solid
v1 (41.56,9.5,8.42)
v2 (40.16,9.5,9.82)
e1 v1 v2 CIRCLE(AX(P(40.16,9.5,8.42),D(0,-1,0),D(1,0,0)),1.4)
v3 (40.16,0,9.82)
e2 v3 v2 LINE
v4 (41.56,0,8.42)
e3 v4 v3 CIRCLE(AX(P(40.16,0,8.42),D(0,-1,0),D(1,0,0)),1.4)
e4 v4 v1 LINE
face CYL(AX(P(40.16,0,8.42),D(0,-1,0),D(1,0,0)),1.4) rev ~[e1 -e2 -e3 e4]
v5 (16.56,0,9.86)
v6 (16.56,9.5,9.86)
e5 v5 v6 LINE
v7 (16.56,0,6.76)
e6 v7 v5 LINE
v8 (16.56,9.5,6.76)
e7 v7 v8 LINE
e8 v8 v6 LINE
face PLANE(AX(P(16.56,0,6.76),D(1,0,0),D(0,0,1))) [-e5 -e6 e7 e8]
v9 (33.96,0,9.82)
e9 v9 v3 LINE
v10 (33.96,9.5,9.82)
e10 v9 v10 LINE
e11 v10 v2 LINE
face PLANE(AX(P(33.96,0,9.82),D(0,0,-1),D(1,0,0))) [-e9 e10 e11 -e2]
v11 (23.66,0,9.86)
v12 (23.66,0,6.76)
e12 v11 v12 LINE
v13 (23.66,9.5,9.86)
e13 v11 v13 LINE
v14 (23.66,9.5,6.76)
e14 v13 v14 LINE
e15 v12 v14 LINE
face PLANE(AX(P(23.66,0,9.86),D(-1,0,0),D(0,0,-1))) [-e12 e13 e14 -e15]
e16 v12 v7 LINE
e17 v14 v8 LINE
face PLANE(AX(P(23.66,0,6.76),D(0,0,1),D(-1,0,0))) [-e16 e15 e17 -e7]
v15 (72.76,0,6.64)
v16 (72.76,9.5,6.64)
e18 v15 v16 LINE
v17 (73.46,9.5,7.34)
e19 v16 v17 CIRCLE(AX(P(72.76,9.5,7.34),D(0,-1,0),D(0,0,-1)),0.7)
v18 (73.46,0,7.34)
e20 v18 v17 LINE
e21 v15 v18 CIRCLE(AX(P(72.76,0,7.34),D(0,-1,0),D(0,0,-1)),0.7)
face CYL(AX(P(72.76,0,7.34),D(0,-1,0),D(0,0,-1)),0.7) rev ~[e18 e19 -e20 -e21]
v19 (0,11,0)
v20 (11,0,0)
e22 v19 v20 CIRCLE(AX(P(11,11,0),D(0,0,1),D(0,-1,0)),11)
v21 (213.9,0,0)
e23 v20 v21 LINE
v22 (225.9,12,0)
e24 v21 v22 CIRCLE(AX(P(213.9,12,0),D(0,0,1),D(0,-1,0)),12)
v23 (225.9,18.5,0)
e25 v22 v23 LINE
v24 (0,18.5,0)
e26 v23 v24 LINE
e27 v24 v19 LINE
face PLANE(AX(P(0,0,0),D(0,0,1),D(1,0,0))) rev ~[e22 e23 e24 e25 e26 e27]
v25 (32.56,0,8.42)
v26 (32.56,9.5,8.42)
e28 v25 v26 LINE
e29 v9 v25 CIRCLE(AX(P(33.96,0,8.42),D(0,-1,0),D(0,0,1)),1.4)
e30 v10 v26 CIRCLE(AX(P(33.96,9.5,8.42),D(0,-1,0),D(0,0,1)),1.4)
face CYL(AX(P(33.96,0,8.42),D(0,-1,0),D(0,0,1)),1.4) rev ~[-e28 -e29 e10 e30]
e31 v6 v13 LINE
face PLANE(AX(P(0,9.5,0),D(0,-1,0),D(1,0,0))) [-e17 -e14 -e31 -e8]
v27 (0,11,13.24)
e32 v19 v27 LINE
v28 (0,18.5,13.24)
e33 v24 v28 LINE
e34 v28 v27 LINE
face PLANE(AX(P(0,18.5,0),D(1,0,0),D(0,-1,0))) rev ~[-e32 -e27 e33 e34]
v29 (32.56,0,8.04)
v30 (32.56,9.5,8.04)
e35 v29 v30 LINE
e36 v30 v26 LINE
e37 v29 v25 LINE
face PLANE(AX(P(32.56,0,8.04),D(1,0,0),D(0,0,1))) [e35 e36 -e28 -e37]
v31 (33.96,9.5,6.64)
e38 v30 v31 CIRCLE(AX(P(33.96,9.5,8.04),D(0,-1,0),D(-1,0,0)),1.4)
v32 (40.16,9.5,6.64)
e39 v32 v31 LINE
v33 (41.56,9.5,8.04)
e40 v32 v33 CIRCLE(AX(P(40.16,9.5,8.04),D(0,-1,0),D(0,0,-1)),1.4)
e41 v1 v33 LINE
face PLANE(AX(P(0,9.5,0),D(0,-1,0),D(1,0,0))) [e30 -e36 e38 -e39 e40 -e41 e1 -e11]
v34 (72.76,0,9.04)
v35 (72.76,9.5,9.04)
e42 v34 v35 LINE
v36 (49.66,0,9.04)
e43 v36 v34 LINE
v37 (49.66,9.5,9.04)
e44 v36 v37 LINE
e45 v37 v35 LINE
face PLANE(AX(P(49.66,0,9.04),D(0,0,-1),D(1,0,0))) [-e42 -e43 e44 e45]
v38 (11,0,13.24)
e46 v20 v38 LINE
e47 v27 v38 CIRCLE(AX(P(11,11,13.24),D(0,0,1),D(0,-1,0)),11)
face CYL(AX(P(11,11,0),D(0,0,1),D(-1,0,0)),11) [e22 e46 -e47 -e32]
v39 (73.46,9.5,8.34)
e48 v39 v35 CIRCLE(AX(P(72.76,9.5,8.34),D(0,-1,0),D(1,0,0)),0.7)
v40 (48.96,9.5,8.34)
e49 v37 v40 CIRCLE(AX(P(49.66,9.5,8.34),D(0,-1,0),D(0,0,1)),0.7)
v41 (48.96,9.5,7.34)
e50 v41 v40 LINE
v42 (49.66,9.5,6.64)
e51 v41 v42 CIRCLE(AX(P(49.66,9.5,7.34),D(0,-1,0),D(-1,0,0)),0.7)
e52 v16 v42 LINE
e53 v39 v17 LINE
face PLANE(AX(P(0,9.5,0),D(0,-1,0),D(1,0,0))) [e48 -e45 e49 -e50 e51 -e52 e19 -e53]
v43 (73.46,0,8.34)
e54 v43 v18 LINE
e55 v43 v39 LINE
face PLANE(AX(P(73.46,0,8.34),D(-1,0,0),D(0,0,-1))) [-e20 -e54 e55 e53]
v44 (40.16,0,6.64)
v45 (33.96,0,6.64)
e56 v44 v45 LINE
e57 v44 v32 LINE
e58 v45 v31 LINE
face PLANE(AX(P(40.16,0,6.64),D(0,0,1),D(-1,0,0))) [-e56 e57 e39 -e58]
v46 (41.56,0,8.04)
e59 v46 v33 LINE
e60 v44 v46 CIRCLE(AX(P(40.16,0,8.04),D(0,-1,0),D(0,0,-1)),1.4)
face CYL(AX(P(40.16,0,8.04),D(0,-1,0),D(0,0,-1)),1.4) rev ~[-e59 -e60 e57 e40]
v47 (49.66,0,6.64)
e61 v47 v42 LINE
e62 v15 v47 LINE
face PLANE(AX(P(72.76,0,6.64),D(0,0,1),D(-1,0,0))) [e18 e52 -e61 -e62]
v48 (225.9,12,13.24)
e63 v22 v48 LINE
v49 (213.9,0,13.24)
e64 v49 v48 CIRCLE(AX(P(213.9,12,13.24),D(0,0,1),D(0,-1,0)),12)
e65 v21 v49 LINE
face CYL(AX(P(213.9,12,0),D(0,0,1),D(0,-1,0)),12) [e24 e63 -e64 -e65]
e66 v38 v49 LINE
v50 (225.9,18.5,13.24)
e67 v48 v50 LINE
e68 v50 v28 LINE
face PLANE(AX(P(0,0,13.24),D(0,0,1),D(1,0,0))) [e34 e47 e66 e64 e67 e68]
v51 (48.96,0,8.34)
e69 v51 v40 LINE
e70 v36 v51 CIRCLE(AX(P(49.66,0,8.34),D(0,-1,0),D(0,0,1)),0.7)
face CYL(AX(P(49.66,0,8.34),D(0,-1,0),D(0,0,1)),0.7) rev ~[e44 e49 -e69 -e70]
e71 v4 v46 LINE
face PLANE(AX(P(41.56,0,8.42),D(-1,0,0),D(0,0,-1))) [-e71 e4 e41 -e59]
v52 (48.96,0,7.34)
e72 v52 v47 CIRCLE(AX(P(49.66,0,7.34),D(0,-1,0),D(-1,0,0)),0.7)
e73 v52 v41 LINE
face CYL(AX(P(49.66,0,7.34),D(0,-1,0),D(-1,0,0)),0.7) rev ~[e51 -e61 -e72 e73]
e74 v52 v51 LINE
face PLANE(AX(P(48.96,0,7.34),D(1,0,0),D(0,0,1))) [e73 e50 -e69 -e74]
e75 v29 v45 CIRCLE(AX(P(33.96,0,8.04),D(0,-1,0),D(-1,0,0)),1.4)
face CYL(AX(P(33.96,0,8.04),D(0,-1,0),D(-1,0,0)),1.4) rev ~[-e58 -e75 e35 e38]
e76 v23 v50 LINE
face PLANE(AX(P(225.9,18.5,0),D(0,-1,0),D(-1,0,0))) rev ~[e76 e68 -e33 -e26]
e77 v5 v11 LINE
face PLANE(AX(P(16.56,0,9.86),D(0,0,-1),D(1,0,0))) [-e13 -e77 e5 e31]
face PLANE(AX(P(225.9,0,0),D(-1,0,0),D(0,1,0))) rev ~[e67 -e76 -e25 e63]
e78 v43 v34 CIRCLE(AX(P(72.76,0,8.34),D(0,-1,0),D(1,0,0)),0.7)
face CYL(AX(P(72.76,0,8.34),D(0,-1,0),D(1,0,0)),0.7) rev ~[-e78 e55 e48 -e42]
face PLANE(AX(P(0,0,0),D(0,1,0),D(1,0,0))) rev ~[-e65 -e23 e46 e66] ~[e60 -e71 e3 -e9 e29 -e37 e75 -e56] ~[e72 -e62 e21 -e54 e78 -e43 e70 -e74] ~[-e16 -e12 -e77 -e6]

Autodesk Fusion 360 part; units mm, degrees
sketch "Sketch1" plane through (0, 0, 0) normal (0, 0, 1) x (1, 0, 0) in component "Laptop side"
  line L0 (0, 0) -> (225.9, 0)
  line L1 (225.9, 0) -> (225.9, 18.5)
  line L2 (225.9, 18.5) -> (0, 18.5)
  line L3 (0, 18.5) -> (0, 0)
  dimension "d1" = 225.9
  dimension "d2" = 18.5
extrude "Extrude1" add sketch "Sketch1" along normal blind 13.24 in component "Laptop side"
sketch "Sketch2" plane through (0, 0, 0) normal (0, -1, 0) x (1, 0, 0) in component "Laptop side"
  line L0 (0, 0) -> (225.9, 0)
  line L1 (225.9, 0) -> (225.9, 13.24)
  line L2 (225.9, 13.24) -> (0, 13.24)
  line L3 (0, 13.24) -> (0, 0)
  line L4 (16.56, 9.86) -> (23.66, 9.86)
  line L5 (23.66, 9.86) -> (23.66, 6.76)
  line L6 (23.66, 6.76) -> (16.56, 6.76)
  line L7 (16.56, 6.76) -> (16.56, 9.86)
  line L8 (33.96, 9.82) -> (40.16, 9.82)
  line L9 (41.56, 8.42) -> (41.56, 8.04)
  line L10 (40.16, 6.64) -> (33.96, 6.64)
  line L11 (32.56, 8.04) -> (32.56, 8.42)
  arc A0 (33.96, 9.82) -> (32.56, 8.42) centre (33.96, 8.42) ccw
  arc A1 (32.56, 8.04) -> (33.96, 6.64) centre (33.96, 8.04) ccw
  arc A2 (40.16, 6.64) -> (41.56, 8.04) centre (40.16, 8.04) ccw
  arc A3 (41.56, 8.42) -> (40.16, 9.82) centre (40.16, 8.42) ccw
  line L12 (49.66, 9.04) -> (72.76, 9.04)
  line L13 (73.46, 8.34) -> (73.46, 7.34)
  line L14 (72.76, 6.64) -> (49.66, 6.64)
  line L15 (48.96, 7.34) -> (48.96, 8.34)
  arc A4 (49.66, 9.04) -> (48.96, 8.34) centre (49.66, 8.34) ccw
  arc A5 (48.96, 7.34) -> (49.66, 6.64) centre (49.66, 7.34) ccw
  arc A6 (72.76, 6.64) -> (73.46, 7.34) centre (72.76, 7.34) ccw
  arc A7 (73.46, 8.34) -> (72.76, 9.04) centre (72.76, 8.34) ccw
  point P0 (32.56, 9.82)
  point P1 (41.56, 9.82)
  point P2 (32.56, 6.64)
  point P3 (48.96, 9.04)
  point P4 (73.46, 9.04)
  point P5 (48.96, 6.64)
  dimension "d5" = 7.1
  dimension "d6" = 3.1
  dimension "d7" = 16.56
  dimension "d8" = 3.38
  dimension "d19" = 9
  dimension "d20" = 3.18
  dimension "d21" = 1.4
  dimension "d22" = 3.42
  dimension "d24" = 25
  dimension "d25" = 8.9
  dimension "d26" = 24.5
  dimension "d27" = 2.4
  dimension "d28" = 4.2
  dimension "d29" = 56.9
  dimension "d30" = 25.3
  dimension "d31" = 0.7
extrude "Extrude2" cut sketch "Sketch2" against normal blind 9.5 contours L4 L5 L6 L7 | L8 L9 L10 L11 A0 A1 A2 A3 | L12 L13 L14 L15 A4 A5 A6 A7 in component "Laptop side"
fillet "Fillet1" radius 12 1 edges at (225.9, 0, 6.62) in component "Laptop side"
fillet "Fillet1" radius 11 1 edges at (0, 0, 6.62) in component "Laptop side"
component "Laptop side" placed x (1, 0, 0) y (0, 1, 0) z (0, 0, 1) at (0, 0, 0)
